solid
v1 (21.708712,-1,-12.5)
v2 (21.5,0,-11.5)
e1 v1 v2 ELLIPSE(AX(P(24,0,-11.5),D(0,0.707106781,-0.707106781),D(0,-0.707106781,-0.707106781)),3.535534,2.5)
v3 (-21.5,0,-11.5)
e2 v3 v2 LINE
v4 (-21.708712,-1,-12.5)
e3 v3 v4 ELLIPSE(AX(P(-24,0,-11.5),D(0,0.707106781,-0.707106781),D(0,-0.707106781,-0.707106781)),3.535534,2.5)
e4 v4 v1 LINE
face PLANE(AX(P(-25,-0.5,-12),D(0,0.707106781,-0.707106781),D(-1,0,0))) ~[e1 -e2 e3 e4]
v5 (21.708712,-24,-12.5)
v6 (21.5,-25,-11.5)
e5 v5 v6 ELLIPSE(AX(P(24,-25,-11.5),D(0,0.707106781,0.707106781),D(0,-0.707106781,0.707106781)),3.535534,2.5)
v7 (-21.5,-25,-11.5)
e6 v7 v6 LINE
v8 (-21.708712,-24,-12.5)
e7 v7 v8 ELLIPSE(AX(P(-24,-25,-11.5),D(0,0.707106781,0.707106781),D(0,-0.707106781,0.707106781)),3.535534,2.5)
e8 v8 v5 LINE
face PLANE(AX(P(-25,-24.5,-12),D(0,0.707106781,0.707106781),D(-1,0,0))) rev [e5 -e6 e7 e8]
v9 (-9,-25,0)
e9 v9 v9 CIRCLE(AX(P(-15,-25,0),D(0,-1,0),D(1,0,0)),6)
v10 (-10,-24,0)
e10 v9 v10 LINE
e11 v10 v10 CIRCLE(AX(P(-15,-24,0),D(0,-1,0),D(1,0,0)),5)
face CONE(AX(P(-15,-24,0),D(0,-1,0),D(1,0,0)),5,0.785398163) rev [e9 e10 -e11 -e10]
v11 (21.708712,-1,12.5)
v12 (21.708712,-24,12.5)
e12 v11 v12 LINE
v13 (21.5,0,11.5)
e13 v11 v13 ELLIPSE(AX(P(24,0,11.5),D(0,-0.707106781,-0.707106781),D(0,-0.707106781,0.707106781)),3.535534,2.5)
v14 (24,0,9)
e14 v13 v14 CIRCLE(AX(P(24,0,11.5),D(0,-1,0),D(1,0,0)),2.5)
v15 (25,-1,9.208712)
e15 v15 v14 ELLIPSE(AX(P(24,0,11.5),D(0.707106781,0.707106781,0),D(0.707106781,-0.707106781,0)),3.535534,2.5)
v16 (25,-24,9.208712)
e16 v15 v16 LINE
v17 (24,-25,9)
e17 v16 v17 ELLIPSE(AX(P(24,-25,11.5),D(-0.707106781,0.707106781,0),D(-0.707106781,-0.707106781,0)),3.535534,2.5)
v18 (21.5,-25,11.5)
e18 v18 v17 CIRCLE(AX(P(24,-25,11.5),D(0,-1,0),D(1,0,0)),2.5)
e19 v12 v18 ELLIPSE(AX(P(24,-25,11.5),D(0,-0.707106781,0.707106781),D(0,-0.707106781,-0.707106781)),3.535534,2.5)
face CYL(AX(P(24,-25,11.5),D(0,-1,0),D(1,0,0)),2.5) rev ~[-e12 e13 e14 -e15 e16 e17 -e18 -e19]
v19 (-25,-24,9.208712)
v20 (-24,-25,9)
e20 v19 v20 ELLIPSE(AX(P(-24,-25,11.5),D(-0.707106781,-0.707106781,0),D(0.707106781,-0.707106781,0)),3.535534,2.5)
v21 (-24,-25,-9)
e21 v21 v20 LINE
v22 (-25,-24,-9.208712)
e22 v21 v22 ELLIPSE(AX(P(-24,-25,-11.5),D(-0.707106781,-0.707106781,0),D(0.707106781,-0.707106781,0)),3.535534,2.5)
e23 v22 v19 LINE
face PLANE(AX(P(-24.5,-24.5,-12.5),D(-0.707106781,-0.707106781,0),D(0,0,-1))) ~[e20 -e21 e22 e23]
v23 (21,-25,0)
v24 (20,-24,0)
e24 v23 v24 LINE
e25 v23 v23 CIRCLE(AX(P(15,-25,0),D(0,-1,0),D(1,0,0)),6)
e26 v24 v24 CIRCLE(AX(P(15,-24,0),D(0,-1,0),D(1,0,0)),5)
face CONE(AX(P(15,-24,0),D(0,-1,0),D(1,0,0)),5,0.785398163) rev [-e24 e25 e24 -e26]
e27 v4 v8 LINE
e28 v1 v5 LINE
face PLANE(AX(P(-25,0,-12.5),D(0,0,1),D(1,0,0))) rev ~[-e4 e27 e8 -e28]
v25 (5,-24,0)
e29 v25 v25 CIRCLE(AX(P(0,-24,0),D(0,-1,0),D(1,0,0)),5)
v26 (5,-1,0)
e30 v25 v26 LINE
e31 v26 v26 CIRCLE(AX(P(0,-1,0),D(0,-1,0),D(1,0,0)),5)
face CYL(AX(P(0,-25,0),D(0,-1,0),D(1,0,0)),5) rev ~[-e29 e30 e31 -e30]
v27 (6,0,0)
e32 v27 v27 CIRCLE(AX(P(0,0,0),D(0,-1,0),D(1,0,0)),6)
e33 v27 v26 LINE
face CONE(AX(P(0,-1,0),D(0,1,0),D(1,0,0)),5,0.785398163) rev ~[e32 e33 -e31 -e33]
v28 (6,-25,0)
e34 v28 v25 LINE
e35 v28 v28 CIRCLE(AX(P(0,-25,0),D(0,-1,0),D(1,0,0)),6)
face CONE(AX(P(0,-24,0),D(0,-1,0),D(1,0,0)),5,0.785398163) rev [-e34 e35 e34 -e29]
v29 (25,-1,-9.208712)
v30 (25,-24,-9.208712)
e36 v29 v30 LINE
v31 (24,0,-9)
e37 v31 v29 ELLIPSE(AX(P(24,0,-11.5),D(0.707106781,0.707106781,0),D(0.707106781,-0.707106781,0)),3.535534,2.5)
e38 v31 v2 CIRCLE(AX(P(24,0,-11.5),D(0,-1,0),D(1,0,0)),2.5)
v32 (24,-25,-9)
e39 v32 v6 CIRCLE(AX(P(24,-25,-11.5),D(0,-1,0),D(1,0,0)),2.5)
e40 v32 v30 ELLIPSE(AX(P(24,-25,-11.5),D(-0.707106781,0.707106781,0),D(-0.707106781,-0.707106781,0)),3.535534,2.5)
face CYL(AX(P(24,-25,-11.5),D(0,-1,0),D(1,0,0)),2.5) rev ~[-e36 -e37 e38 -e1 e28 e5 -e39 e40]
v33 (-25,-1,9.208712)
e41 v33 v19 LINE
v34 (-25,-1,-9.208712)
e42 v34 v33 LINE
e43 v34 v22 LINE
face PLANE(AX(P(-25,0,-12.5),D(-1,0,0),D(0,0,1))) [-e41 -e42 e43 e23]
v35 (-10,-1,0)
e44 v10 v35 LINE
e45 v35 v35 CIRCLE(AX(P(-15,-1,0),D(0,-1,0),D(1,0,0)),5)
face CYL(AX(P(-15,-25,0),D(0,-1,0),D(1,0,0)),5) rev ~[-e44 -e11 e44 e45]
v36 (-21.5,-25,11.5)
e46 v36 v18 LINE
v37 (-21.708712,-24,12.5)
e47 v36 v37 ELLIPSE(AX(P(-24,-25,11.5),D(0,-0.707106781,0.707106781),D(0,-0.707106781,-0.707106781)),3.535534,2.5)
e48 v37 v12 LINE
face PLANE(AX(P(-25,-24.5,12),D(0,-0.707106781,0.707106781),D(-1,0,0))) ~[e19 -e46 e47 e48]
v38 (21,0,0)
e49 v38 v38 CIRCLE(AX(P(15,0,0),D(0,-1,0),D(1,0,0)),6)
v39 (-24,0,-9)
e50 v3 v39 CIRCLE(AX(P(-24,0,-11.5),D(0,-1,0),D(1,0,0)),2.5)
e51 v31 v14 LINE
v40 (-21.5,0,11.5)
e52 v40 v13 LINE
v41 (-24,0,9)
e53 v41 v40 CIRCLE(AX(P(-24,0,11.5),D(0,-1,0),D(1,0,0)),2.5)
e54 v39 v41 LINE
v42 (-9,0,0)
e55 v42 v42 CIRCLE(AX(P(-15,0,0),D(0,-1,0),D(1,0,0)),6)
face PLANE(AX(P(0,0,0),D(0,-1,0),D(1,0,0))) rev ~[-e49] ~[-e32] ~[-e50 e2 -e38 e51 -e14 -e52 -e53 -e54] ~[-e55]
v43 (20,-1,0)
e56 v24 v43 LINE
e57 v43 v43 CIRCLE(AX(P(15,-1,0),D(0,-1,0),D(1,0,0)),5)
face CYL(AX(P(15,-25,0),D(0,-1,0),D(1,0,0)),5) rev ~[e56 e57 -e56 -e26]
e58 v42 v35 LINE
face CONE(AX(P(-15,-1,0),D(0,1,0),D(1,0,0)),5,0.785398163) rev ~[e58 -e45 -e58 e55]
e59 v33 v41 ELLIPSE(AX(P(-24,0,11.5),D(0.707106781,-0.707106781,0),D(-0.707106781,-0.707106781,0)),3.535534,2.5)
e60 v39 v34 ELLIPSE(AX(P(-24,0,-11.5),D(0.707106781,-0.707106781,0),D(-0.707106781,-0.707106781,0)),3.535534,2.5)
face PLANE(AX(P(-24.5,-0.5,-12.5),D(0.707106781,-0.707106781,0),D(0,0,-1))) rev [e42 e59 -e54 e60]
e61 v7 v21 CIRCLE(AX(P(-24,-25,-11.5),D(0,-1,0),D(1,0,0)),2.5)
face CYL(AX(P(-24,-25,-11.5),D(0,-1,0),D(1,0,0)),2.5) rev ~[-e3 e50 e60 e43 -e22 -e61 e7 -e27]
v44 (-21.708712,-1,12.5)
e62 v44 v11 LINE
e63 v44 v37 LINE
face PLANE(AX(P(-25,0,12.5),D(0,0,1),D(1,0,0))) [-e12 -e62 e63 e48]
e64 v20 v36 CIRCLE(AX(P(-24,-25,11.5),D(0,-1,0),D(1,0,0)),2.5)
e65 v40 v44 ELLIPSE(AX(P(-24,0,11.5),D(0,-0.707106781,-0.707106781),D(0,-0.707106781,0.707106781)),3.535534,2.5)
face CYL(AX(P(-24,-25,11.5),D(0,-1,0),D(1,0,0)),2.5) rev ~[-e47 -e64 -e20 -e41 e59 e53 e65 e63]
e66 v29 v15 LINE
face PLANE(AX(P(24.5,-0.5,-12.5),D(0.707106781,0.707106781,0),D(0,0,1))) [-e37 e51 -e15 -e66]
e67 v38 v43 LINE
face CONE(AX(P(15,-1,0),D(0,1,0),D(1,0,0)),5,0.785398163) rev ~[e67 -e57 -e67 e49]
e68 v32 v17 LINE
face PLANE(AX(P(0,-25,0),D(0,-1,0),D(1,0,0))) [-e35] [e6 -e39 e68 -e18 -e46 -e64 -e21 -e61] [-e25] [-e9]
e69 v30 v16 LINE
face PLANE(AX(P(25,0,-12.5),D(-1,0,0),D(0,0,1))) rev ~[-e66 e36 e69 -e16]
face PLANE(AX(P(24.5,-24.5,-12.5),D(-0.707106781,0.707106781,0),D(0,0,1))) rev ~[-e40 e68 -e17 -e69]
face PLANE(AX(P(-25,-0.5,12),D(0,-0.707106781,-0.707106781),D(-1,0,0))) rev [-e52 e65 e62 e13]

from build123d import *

# Parameters (mm, degrees)
F0_W     = 50
F0_H     = 25
F1_DEPTH = 25
F2_R     = 5
F3_DEPTH = 25
F4_SIZE  = 1
F5_R     = 2.5
F6_DEPTH = 25


with BuildPart() as f1:
    # F0 (on Front) → F1 (new body)
    with BuildSketch(Plane.XZ):
        Rectangle(F0_W, F0_H)
    extrude(amount=F1_DEPTH)

    # F2 (on face) → F3 (cut)
    with BuildSketch(Plane.XZ.offset(25)):
        Circle(F2_R)
        with Locations((15, 0)):
            Circle(F2_R)
        with Locations((-15, 0)):
            Circle(F2_R)
    extrude(amount=-F3_DEPTH, mode=Mode.SUBTRACT)

    # F4
    f4_edges = [f1.edges().sort_by_distance(p)[0] for p in [
        (0, -25, -12.5),
        (-25, -25, 0),
        (25, -25, 0),
        (0, -25, 12.5),
        (-20, -25, 0),
        (-5, -25, 0),
        (10, -25, 0),
        (0, 0, -12.5),
        (-25, 0, 0),
        (25, 0, 0),
        (0, 0, 12.5),
        (-20, 0, 0),
        (-5, 0, 0),
        (10, 0, 0),
    ]]
    chamfer(f4_edges, length=F4_SIZE)

    # F5 (on face) → F6 (cut)
    with BuildSketch(Plane.XZ.offset(25)):
        with Locations((-24, 11.5)):
            Circle(F5_R)
        with Locations((24, 11.5)):
            Circle(F5_R)
        with Locations((24, -11.5)):
            Circle(F5_R)
        with Locations((-24, -11.5)):
            Circle(F5_R)
    extrude(amount=-F6_DEPTH, mode=Mode.SUBTRACT)


solid = f1.part
